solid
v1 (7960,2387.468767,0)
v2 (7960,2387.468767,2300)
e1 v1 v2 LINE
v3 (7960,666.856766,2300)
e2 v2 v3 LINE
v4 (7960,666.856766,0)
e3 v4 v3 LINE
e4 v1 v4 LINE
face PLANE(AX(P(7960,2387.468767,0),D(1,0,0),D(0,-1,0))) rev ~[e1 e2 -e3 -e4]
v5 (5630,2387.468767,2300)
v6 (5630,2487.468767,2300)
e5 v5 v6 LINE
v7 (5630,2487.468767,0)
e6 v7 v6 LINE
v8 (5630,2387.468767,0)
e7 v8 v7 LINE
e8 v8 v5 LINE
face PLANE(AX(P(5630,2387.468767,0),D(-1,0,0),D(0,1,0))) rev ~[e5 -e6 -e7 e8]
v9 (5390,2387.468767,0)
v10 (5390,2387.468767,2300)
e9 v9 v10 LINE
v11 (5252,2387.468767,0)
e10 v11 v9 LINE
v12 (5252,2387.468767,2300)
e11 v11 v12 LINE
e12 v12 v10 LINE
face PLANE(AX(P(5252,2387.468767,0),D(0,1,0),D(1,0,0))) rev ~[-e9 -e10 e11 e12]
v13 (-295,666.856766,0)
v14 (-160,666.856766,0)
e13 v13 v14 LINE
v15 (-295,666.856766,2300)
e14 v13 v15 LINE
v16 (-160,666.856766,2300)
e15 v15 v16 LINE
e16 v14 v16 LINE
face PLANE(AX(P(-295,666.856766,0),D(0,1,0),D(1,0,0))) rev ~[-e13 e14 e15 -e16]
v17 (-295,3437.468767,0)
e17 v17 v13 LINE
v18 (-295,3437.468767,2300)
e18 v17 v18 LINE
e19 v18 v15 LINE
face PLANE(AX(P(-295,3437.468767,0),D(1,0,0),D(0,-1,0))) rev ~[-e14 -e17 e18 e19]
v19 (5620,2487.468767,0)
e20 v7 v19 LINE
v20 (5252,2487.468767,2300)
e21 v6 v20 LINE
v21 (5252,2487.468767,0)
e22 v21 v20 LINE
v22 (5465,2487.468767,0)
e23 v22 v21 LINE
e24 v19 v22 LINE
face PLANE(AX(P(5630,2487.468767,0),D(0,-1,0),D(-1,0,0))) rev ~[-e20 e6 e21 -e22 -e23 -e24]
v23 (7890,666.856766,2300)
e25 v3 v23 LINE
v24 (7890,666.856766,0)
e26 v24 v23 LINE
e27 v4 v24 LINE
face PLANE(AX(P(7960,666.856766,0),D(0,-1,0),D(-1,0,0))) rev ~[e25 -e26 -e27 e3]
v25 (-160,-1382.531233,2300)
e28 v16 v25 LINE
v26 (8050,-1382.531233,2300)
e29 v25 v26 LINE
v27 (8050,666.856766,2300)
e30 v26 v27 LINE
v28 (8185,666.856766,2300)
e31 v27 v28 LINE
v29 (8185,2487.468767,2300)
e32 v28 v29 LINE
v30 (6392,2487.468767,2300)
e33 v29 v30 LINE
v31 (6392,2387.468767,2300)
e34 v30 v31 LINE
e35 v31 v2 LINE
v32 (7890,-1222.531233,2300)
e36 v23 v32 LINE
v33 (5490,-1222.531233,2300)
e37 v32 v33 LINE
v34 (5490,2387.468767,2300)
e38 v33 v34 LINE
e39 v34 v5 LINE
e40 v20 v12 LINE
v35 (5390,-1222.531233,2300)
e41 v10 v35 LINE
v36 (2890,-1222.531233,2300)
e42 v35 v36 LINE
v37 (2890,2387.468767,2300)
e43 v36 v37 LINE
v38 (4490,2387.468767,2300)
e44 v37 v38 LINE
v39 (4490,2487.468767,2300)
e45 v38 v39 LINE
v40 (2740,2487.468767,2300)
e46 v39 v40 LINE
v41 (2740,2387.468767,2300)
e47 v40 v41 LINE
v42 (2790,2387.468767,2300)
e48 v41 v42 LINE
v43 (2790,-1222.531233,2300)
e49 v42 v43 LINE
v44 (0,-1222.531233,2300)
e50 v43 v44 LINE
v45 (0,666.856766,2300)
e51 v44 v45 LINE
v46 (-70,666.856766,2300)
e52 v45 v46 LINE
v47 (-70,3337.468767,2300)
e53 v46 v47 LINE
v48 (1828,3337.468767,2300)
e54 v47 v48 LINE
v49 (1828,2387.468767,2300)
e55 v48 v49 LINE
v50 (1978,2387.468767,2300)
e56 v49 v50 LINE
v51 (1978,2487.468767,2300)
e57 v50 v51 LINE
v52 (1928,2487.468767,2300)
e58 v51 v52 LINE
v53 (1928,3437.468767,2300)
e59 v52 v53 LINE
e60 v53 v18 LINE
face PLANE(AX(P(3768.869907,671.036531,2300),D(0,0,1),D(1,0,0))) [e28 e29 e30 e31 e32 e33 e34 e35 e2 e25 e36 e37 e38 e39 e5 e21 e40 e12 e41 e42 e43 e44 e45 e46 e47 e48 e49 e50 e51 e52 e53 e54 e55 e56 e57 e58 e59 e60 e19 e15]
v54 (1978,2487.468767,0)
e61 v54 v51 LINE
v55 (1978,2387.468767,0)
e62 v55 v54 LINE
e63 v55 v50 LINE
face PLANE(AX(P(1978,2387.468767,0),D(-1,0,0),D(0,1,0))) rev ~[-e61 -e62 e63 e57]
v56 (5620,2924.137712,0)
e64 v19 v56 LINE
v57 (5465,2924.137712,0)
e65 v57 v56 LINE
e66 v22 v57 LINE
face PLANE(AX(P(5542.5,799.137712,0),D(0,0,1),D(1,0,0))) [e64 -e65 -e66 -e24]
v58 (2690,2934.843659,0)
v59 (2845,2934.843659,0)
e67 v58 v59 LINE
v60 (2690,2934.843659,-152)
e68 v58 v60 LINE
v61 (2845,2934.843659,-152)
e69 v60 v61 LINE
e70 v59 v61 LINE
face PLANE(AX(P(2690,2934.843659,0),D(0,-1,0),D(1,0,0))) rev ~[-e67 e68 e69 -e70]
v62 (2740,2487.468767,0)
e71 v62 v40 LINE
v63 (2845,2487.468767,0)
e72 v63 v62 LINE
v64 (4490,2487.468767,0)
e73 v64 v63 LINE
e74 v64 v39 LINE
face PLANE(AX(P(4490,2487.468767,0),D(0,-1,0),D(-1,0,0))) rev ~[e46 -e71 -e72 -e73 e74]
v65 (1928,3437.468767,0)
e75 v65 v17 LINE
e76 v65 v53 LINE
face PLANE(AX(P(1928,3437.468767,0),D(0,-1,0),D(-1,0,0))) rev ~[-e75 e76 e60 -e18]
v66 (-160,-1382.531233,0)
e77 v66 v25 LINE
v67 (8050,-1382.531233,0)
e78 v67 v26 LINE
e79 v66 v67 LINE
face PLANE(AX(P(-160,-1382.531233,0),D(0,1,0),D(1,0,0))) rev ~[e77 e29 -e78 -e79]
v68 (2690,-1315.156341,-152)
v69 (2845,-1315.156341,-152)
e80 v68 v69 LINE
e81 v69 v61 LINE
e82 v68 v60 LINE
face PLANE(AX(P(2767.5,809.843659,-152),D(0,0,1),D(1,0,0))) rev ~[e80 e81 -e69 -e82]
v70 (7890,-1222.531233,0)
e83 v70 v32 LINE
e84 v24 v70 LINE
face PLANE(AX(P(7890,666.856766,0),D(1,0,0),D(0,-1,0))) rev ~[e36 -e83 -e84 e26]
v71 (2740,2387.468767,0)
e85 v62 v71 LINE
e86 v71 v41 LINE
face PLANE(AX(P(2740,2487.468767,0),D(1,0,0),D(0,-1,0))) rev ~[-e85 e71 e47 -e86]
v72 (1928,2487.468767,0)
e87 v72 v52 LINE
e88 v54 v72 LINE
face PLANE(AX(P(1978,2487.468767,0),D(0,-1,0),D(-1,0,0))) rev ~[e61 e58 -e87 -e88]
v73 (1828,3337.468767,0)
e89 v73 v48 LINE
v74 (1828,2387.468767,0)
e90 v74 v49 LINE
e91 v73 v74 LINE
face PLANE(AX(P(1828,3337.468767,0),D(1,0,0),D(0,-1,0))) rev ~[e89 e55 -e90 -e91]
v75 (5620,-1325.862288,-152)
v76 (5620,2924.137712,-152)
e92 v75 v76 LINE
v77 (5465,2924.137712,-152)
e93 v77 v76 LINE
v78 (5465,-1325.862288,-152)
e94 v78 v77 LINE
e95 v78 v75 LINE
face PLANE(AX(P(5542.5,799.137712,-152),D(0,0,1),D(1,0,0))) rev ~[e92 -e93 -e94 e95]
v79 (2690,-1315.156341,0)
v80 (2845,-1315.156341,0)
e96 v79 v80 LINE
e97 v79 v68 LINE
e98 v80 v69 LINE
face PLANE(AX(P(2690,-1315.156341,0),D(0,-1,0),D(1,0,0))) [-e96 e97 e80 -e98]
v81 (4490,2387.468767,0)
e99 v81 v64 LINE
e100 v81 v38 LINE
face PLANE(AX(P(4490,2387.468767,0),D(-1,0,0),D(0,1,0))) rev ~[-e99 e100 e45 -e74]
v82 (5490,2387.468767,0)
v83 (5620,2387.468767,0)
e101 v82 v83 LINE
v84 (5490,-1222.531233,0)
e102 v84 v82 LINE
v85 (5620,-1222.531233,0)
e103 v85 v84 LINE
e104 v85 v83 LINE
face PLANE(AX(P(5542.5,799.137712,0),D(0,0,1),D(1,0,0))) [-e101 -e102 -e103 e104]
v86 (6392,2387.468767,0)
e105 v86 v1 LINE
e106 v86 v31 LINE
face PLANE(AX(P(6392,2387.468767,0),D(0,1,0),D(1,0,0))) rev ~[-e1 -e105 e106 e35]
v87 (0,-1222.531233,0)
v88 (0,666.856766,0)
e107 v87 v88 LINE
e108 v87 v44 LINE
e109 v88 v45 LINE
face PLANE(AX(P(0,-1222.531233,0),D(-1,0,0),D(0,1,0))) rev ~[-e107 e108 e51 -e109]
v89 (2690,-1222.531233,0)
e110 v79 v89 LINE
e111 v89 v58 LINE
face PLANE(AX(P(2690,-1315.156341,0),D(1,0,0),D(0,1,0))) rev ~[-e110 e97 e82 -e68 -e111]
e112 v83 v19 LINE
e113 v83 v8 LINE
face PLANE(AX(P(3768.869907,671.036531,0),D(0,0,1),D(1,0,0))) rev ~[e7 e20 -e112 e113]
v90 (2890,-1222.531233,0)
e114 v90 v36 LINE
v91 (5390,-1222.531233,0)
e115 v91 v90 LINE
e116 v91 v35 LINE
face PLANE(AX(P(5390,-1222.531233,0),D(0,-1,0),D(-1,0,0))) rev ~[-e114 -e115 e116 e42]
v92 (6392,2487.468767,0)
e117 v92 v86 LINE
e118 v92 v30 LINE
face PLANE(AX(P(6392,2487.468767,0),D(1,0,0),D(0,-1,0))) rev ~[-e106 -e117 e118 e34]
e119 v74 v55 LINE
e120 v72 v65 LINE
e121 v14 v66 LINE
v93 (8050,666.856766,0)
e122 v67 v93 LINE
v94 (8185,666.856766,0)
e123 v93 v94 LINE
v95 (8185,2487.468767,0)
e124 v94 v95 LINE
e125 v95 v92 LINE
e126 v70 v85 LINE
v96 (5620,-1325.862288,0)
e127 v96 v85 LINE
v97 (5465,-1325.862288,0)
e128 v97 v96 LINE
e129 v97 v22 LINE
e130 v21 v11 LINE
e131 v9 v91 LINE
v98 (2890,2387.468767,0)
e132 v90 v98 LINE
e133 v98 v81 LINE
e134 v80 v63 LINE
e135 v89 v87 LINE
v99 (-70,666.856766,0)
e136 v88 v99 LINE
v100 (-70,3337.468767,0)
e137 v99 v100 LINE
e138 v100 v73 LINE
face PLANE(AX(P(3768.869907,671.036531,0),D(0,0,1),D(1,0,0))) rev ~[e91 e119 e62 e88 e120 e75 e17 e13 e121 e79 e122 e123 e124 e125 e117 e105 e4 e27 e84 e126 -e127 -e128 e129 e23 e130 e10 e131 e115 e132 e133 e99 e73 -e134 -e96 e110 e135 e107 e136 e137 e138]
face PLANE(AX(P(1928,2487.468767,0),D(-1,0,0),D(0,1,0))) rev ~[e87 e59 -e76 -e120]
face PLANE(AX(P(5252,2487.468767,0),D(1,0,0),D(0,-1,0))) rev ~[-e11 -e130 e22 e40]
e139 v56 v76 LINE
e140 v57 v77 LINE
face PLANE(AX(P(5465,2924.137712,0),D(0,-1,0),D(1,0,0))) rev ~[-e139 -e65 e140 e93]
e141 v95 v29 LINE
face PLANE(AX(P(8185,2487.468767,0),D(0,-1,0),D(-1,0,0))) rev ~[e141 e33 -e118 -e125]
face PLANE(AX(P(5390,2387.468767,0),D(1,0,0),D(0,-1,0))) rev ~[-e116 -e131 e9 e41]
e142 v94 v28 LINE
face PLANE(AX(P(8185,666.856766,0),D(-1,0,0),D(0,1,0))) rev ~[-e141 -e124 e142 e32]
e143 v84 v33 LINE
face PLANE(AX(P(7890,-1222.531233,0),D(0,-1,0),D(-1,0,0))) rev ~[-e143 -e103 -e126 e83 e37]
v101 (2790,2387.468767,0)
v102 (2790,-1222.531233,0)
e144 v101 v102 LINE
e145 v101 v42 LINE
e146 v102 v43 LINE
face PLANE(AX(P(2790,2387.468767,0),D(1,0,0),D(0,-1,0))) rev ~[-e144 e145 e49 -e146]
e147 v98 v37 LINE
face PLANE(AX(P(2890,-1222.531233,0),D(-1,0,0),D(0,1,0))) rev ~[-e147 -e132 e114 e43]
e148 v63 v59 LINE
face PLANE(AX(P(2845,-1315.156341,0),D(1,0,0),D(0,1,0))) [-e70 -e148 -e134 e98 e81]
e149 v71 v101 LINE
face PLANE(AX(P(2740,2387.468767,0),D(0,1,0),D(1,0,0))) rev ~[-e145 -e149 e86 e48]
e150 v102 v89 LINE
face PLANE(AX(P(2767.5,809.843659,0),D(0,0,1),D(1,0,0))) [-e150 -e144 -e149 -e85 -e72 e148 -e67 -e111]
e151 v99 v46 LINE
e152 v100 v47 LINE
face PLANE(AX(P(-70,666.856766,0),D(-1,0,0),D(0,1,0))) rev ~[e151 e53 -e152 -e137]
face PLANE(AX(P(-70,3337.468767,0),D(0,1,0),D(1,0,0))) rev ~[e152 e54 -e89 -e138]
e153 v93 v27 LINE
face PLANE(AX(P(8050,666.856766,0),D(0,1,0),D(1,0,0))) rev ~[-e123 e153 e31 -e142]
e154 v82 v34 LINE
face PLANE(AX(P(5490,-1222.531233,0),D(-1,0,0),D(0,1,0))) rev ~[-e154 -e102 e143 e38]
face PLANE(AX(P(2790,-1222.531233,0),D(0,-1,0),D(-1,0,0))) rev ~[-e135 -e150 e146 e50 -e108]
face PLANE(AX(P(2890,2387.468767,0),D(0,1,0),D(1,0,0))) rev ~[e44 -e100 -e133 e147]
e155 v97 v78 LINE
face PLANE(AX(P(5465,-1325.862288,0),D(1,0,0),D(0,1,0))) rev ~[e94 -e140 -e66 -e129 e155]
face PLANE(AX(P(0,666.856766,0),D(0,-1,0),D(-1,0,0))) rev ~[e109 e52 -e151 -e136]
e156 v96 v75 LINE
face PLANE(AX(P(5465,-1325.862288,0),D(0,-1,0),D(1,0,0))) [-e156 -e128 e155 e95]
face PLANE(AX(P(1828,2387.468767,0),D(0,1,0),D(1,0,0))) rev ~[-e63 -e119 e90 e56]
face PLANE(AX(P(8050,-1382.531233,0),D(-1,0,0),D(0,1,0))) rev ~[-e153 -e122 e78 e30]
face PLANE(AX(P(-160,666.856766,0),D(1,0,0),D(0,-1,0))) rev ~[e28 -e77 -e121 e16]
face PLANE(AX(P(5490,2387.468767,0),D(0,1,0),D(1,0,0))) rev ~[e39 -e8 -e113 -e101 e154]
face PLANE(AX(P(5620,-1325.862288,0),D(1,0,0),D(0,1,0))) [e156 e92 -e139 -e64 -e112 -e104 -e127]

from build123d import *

# Parameters (mm, degrees)
F1_DEPTH = 2300
F2_W     = 155
F2_H     = 4250
F3_DEPTH = 152


with BuildPart() as f1:
    # F0 (on Top) → F1 (new body)
    with BuildSketch(Plane.XY):
        Polygon((2790, -1222.531233), (0, -1222.531233), (0, 666.856766), (-70, 666.856766), (-70, 3337.468767), (1828, 3337.468767), (1828, 2387.468767), (1978, 2387.468767), (1978, 2437.468767), (1978, 2487.468767), (1928, 2487.468767), (1928, 3437.468767), (-295, 3437.468767), (-295, 666.856766), (-160, 666.856766), (-160, -1382.531233), (8050, -1382.531233), (8050, 666.856766), (8185, 666.856766), (8185, 2387.468767), (8185, 2487.468767), (7960, 2487.468767), (6392, 2487.468767), (6392, 2437.468767), (6392, 2387.468767), (7960, 2387.468767), (7960, 666.856766), (7890, 666.856766), (7890, -1222.531233), (5490, -1222.531233), (5490, 2387.468767), (5630, 2387.468767), (5630, 2437.468767), (5630, 2487.468767), (5252, 2487.468767), (5252, 2437.468767), (5252, 2387.468767), (5390, 2387.468767), (5390, -1222.531233), (2890, -1222.531233), (2890, 2387.468767), (4490, 2387.468767), (4490, 2437.468767), (4490, 2487.468767), (2740, 2487.468767), (2740, 2437.468767), (2740, 2387.468767), (2790, 2387.468767), align=None)
    extrude(amount=F1_DEPTH)

    # F2 (on Top) → F3 (join)
    with BuildSketch(Plane.XY):
        with Locations((2767.5, 809.843659)):
            Rectangle(F2_W, F2_H)
        with Locations((5542.5, 799.137712)):
            Rectangle(F2_W, F2_H)
    extrude(amount=-F3_DEPTH)


solid = f1.part
